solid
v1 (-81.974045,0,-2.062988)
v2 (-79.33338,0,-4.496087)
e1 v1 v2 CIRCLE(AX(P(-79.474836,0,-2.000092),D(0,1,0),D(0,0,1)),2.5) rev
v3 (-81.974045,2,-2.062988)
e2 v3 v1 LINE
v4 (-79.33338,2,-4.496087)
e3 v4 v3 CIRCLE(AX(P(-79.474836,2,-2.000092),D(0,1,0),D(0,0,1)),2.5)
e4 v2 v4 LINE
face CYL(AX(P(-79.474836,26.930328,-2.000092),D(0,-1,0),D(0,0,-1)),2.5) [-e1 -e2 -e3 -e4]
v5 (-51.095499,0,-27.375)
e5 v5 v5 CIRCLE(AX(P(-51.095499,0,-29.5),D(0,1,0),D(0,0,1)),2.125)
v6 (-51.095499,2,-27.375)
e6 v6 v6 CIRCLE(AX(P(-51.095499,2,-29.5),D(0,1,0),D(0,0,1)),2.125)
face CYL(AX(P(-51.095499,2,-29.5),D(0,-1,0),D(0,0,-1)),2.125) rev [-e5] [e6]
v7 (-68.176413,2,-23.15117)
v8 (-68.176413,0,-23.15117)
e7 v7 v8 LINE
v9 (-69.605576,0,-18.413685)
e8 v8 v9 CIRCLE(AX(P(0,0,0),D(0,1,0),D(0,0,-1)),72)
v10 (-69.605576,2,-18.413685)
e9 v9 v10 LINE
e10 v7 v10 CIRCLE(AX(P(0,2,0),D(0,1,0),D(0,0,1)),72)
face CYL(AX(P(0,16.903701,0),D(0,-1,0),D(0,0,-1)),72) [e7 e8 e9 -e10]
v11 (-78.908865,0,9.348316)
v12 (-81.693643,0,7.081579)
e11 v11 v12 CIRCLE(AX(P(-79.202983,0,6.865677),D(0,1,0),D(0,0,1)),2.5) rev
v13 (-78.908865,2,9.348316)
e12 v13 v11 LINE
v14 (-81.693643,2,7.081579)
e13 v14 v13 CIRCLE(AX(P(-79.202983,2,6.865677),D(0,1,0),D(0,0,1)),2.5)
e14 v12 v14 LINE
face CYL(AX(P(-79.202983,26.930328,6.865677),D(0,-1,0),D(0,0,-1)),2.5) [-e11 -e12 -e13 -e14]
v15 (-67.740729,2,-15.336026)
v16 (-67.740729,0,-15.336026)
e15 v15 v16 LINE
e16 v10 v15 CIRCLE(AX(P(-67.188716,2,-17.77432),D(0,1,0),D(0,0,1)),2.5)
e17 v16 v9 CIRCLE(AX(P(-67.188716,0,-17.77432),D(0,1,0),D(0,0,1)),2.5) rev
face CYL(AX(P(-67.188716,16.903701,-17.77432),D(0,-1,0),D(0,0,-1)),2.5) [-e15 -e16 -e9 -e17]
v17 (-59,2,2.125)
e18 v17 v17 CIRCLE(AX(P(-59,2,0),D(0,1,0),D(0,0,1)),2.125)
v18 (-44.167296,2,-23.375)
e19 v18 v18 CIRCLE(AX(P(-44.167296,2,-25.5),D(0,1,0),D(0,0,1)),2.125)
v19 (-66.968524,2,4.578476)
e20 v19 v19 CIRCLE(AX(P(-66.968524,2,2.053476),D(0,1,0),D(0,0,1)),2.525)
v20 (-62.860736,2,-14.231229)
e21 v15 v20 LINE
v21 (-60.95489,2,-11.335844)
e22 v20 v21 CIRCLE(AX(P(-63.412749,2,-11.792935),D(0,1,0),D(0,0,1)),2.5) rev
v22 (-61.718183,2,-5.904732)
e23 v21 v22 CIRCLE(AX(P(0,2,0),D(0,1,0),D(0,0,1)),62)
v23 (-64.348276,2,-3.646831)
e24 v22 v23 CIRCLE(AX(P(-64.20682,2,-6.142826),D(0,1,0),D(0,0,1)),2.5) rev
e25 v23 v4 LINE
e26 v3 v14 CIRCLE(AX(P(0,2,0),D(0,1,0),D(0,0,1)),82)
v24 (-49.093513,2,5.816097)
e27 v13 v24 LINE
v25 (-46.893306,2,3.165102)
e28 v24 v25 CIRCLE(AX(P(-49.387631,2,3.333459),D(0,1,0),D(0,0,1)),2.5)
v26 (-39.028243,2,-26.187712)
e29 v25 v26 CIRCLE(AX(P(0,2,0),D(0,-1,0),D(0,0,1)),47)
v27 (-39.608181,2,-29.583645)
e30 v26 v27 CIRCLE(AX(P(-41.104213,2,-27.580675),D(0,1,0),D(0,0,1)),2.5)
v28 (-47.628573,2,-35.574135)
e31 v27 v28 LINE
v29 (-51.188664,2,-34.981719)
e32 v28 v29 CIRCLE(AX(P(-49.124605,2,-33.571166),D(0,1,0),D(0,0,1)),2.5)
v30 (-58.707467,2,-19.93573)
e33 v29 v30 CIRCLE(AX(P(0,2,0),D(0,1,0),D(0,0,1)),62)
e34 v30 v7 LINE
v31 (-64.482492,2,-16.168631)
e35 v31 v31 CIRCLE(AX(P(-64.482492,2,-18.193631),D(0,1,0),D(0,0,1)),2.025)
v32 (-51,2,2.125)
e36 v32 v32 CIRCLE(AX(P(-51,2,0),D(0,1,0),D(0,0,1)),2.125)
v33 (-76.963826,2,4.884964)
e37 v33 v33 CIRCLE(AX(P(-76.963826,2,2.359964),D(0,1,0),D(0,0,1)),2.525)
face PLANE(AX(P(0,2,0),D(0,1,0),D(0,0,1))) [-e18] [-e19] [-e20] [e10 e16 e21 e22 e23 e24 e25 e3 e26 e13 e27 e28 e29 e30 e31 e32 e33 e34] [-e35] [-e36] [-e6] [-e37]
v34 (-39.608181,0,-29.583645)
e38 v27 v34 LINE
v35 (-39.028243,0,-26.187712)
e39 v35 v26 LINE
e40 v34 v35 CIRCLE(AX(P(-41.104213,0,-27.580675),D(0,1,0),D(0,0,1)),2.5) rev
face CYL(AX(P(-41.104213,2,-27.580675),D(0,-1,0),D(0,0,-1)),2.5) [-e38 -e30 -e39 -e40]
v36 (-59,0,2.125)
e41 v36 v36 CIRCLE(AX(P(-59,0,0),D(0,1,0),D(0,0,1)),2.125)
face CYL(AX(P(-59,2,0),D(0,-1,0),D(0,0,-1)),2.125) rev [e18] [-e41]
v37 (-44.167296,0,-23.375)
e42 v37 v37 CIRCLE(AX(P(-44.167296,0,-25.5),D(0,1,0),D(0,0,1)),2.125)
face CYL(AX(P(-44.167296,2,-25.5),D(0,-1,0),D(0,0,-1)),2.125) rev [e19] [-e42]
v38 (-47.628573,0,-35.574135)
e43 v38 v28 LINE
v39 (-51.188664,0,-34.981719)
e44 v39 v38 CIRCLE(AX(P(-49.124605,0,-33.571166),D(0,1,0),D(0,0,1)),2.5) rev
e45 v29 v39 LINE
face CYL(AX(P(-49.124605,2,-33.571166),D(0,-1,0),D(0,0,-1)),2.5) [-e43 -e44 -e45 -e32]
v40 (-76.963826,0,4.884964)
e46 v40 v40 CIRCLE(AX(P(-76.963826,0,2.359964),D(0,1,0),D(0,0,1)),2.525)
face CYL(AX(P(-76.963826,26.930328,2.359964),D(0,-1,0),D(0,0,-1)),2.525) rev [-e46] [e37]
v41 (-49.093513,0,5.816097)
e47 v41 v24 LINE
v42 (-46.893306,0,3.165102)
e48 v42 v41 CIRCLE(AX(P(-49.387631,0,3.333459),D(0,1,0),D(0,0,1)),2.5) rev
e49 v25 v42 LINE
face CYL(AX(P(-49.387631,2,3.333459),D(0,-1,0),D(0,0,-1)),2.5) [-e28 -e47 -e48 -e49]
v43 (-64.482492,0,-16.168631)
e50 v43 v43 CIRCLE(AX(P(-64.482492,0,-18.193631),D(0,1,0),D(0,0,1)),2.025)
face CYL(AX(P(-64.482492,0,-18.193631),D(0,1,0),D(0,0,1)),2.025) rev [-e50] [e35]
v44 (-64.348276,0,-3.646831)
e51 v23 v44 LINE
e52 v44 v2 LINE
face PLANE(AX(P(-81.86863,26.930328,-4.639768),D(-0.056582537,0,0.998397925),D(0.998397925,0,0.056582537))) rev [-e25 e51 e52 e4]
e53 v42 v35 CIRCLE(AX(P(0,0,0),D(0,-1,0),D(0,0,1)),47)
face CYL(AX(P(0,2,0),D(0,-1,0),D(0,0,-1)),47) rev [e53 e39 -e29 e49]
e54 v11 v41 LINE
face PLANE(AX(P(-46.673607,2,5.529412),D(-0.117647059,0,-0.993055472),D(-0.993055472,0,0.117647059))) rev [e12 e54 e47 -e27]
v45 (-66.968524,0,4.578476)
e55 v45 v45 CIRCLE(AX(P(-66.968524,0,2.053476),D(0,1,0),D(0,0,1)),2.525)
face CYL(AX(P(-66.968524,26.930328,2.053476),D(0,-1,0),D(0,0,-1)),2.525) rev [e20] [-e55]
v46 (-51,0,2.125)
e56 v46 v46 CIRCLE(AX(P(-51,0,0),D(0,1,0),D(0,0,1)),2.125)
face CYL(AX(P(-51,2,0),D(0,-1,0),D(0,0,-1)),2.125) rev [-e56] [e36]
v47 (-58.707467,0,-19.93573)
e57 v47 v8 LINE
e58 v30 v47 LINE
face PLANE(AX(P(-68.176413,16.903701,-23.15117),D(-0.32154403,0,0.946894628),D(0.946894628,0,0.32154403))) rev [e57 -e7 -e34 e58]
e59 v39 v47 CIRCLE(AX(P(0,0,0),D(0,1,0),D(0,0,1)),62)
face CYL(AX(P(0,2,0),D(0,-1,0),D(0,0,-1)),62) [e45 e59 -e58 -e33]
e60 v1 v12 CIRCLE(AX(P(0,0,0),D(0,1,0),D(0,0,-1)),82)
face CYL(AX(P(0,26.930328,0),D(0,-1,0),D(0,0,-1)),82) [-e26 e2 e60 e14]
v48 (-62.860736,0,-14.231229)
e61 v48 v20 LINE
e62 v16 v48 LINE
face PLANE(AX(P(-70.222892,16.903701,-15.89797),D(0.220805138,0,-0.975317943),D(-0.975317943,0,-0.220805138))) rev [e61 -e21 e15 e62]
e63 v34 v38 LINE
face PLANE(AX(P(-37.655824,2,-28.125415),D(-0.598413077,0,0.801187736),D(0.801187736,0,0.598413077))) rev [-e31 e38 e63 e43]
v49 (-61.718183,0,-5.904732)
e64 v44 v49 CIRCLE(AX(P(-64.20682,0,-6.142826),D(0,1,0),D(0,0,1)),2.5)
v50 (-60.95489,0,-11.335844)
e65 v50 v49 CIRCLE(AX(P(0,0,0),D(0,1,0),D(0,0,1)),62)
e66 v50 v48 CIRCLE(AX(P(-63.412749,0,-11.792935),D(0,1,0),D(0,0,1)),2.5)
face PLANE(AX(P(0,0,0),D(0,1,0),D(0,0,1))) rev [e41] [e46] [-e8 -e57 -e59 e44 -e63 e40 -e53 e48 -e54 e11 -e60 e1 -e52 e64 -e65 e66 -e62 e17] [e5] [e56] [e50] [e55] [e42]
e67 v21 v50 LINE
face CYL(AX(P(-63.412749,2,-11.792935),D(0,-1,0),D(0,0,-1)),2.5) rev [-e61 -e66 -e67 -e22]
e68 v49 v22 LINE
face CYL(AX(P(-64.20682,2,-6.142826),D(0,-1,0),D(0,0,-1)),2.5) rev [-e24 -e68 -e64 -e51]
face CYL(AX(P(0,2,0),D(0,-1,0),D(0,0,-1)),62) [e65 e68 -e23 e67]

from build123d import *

# Parameters (mm, degrees)
SKETCH1_R               = 2.125
BOSS_EXTRUDE1_DEPTH     = 2
BOSS_EXTRUDE3_DEPTH     = 2
SKETCH4_R               = 2.025
CUT_EXTRUDE1_DEPTH      = 1
CUT_EXTRUDE1_DEPTH_BACK = 3
SKETCH6_R               = 2.525
BOSS_EXTRUDE4_DEPTH     = 2
FILLET1_R               = 2.5


with BuildPart() as part:
    # Sketch1 → Boss-Extrude1 (new body)
    with BuildSketch(Plane(origin=(0, 0, 0), x_dir=(1, 0, 0), z_dir=(0, 1, 0))):
        with BuildLine():
            Line((-37.655823606, 28.125414637), (-49.673639651, 37.101610798))
            ThreePointArc((-49.673639651, 37.101610798), (-59.88740123, 16.046780796), (-61.569439235, -7.294117647))
            Line((-61.569439235, -7.294117647), (-46.673607162, -5.529411765))
            ThreePointArc((-46.673607162, -5.529411765), (-45.398513836, 12.16449512), (-37.655823606, 28.125414637))
        make_face()
        with Locations((-44.167295593, 25.5)):
            Circle(SKETCH1_R, mode=Mode.SUBTRACT)
        with Locations((-51.095498823, 29.5)):
            Circle(SKETCH1_R, mode=Mode.SUBTRACT)
        with Locations((-59, 0)):
            Circle(SKETCH1_R, mode=Mode.SUBTRACT)
        with Locations((-51, 0)):
            Circle(SKETCH1_R, mode=Mode.SUBTRACT)
    extrude(amount=BOSS_EXTRUDE1_DEPTH)

    # Sketch3 → Boss-Extrude3 (add)
    with BuildSketch(Plane(origin=(0, 0, 0), x_dir=(1, 0, 0), z_dir=(0, 1, 0))):
        with BuildLine():
            Line((-70.222891931, 15.897969958), (-60.469712497, 13.689918575))
            ThreePointArc((-60.469712497, 13.689918575), (-59.670365878, 16.835897245), (-58.707466934, 19.93572989))
            Line((-58.707466934, 19.93572989), (-68.176413213, 23.151170195))
            ThreePointArc((-68.176413213, 23.151170195), (-69.294618439, 19.551364542), (-70.222891931, 15.897969958))
        make_face()
    extrude(amount=BOSS_EXTRUDE3_DEPTH)

    # Sketch4 → Cut-Extrude1 (cut, two sides)
    with BuildSketch(Plane(origin=(0, 2, 0), x_dir=(1, 0, 0), z_dir=(0, 1, 0))) as cut_extrude1_sk:
        with Locations((-64.482492158, 18.193630893)):
            Circle(SKETCH4_R)
    extrude(amount=CUT_EXTRUDE1_DEPTH, mode=Mode.SUBTRACT)
    extrude(cut_extrude1_sk.sketch, amount=-CUT_EXTRUDE1_DEPTH_BACK, mode=Mode.SUBTRACT)

    # Sketch6 → Boss-Extrude4 (add)
    with BuildSketch(Plane(origin=(0, 0, 0), x_dir=(1, 0, 0), z_dir=(0, 1, 0))):
        with BuildLine():
            Line((-61.569439235, -7.294117647), (-81.430548666, -9.647058824))
            ThreePointArc((-81.430548666, -9.647058824), (-81.961477421, -2.513208901), (-81.868629843, 4.639768059))
            Line((-81.868629843, 4.639768059), (-61.900671345, 3.508117313))
            ThreePointArc((-61.900671345, 3.508117313), (-61.970873172, -1.90023112), (-61.569439235, -7.294117647))
        make_face()
        with Locations((-76.963826359, -2.359964456)):
            Circle(SKETCH6_R, mode=Mode.SUBTRACT)
        with Locations((-66.968524234, -2.053475565)):
            Circle(SKETCH6_R, mode=Mode.SUBTRACT)
    extrude(amount=BOSS_EXTRUDE4_DEPTH)

    # Fillet1
    fillet1_edges = [part.edges().sort_by_distance(p)[0] for p in [
        (-60.469712497, 1, -13.689918575),
        (-70.222891931, 1, -15.897969958),
        (-81.430548666, 1, 9.647058824),
        (-81.868629843, 1, -4.639768059),
        (-61.900671345, 1, -3.508117313),
        (-46.673607162, 1, 5.529411765),
        (-49.673639651, 1, -37.101610798),
        (-37.655823606, 1, -28.125414637),
    ]]
    fillet(fillet1_edges, radius=FILLET1_R)


solid = part.part
